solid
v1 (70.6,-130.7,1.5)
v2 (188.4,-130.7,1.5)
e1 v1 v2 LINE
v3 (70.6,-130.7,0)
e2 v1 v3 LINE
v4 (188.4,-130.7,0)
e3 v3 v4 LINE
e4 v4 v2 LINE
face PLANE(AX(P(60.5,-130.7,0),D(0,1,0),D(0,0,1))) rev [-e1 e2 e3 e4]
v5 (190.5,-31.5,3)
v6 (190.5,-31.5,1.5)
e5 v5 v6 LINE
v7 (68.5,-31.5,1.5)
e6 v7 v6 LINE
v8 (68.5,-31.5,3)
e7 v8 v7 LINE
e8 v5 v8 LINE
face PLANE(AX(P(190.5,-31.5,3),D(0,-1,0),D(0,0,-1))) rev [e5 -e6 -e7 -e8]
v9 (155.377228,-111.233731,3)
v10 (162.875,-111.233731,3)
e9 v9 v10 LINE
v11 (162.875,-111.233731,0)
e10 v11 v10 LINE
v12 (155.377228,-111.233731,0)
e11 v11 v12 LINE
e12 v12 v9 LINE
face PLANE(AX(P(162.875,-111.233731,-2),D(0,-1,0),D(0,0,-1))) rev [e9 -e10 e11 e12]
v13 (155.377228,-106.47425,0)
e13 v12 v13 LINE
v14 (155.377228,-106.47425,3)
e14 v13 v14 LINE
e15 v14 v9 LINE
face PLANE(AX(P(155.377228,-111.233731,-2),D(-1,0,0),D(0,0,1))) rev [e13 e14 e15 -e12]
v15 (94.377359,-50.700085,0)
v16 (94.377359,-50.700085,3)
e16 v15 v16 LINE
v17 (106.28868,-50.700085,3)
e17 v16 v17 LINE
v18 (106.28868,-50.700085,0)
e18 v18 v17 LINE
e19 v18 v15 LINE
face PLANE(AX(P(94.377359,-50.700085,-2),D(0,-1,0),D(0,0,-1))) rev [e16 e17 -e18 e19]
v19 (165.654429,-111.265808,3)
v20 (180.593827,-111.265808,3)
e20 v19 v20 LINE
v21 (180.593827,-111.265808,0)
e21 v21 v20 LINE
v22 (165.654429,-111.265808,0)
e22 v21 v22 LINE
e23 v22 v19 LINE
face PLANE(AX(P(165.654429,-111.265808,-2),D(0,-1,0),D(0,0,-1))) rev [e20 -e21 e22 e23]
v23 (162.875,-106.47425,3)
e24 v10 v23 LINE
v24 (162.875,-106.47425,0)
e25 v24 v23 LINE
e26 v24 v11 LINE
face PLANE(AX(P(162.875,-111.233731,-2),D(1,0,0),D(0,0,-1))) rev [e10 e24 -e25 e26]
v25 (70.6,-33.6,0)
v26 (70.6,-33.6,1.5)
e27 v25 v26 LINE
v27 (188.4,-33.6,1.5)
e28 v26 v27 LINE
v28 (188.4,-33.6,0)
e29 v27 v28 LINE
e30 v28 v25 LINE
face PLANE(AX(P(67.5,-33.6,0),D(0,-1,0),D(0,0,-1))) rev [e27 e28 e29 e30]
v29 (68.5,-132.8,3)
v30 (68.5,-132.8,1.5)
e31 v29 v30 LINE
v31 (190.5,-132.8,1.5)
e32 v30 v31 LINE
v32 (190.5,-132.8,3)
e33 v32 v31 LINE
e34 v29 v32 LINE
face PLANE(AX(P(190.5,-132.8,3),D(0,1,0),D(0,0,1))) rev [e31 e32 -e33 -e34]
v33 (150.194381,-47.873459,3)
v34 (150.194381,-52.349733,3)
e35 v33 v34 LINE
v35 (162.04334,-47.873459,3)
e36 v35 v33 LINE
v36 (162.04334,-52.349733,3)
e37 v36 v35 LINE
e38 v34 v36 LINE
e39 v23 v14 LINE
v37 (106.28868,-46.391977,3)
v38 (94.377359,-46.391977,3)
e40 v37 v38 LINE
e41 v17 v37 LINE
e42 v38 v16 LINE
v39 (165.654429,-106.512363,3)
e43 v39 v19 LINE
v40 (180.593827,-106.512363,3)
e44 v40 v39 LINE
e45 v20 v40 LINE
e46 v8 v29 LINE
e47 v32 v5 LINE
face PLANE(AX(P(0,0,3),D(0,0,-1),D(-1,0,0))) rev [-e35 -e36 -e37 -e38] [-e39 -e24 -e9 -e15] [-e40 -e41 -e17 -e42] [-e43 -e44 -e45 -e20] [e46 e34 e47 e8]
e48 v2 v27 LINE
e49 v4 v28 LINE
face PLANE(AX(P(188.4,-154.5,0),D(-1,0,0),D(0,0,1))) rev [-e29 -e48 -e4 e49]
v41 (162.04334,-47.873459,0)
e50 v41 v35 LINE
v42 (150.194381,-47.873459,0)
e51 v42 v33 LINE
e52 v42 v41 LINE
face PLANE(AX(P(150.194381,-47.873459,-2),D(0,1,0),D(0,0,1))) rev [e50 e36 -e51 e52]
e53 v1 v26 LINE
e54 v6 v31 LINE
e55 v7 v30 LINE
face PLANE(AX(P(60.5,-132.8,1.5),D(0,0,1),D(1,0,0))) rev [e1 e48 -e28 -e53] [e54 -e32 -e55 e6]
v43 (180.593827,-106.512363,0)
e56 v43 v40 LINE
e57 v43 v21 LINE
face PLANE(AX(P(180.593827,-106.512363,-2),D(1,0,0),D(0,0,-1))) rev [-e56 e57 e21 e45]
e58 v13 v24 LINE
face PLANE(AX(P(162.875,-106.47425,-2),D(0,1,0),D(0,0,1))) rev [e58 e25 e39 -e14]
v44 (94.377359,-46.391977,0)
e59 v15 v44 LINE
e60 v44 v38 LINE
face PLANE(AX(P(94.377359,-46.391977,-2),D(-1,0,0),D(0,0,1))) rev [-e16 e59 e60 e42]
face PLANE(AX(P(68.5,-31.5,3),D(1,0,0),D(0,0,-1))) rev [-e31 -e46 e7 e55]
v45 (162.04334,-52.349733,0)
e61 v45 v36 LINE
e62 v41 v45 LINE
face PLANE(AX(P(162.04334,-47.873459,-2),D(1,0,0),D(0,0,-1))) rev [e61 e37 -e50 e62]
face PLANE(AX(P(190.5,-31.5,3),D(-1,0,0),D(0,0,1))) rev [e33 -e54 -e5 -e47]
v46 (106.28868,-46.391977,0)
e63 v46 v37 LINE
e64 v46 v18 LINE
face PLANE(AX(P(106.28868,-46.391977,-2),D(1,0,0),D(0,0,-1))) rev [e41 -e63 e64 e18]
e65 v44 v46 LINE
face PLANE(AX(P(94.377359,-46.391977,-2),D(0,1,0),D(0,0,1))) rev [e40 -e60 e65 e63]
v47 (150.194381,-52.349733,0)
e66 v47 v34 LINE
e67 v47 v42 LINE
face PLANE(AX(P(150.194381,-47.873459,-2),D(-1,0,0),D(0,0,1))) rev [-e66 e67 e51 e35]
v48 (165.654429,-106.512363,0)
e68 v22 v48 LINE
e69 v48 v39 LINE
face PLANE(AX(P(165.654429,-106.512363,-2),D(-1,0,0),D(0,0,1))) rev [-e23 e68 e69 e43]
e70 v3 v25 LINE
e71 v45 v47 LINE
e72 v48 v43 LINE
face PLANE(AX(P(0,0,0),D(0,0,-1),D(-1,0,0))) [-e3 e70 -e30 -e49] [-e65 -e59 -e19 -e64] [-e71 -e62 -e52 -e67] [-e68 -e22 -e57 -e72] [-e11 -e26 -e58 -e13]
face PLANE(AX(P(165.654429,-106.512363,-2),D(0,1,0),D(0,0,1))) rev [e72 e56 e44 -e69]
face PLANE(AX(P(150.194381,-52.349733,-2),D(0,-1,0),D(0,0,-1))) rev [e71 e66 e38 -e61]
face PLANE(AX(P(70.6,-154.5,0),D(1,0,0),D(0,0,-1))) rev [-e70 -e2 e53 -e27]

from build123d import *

# Parameters (mm, degrees)
SKETCH1_W           = 122
SKETCH1_H           = 101.3
BOSS_EXTRUDE1_DEPTH = 3
SKETCH2_W           = 1.5
SKETCH2_H           = 2.1
CUT_EXTRUDE2_DEPTH  = 130
SKETCH3_W           = 1.5
SKETCH3_H           = 2.1
CUT_EXTRUDE3_DEPTH  = 123
SKETCH4_W           = 2.1
SKETCH4_H           = 1.5
CUT_EXTRUDE4_DEPTH  = 123
SKETCH5_W           = 2.1
SKETCH5_H           = 1.5
CUT_EXTRUDE5_DEPTH  = 123
SKETCH7_W           = 7.497772187
SKETCH7_H           = 4.759480864
CUT_EXTRUDE6_DEPTH  = 5
SKETCH8_W           = 11.848959364
SKETCH8_H           = 4.476273538
CUT_EXTRUDE7_DEPTH  = 5
SKETCH9_W           = 11.911321609
SKETCH9_H           = 4.308108171
CUT_EXTRUDE8_DEPTH  = 5
SKETCH6_W           = 14.939397766
SKETCH6_H           = 4.753444744
CUT_EXTRUDE9_DEPTH  = 5


with BuildPart() as part:
    # Sketch1 → Boss-Extrude1 (new body)
    with BuildSketch(Plane.XY):
        with Locations((129.5, -82.15)):
            Rectangle(SKETCH1_W, SKETCH1_H)
    extrude(amount=BOSS_EXTRUDE1_DEPTH)

    # Sketch2 → Cut-Extrude2 (cut)
    with BuildSketch(Plane(origin=(190.5, 0, 0), x_dir=(0, 0, -1), z_dir=(1, 0, 0))):
        with Locations((-0.75, -131.75)):
            Rectangle(SKETCH2_W, SKETCH2_H)
    extrude(amount=-CUT_EXTRUDE2_DEPTH, mode=Mode.SUBTRACT)

    # Sketch3 → Cut-Extrude3 (cut)
    with BuildSketch(Plane(origin=(190.5, 0, 0), x_dir=(0, 0, -1), z_dir=(1, 0, 0))):
        with Locations((-0.75, -32.55)):
            Rectangle(SKETCH3_W, SKETCH3_H)
    extrude(amount=-CUT_EXTRUDE3_DEPTH, mode=Mode.SUBTRACT)

    # Sketch4 → Cut-Extrude4 (cut)
    with BuildSketch(Plane(origin=(0, -31.5, 0), x_dir=(1, 0, 0), z_dir=(0, 1, 0))):
        with Locations((69.55, -0.75)):
            Rectangle(SKETCH4_W, SKETCH4_H)
    extrude(amount=-CUT_EXTRUDE4_DEPTH, mode=Mode.SUBTRACT)

    # Sketch5 → Cut-Extrude5 (cut)
    with BuildSketch(Plane(origin=(0, -31.5, 0), x_dir=(1, 0, 0), z_dir=(0, 1, 0))):
        with Locations((189.45, -0.75)):
            Rectangle(SKETCH5_W, SKETCH5_H)
    extrude(amount=-CUT_EXTRUDE5_DEPTH, mode=Mode.SUBTRACT)

    # Sketch7 → Cut-Extrude6 (cut)
    with BuildSketch(Plane.XY.offset(3)):
        with Locations((159.126113906, -108.853990326)):
            Rectangle(SKETCH7_W, SKETCH7_H)
    extrude(amount=-CUT_EXTRUDE6_DEPTH, mode=Mode.SUBTRACT)

    # Sketch8 → Cut-Extrude7 (cut)
    with BuildSketch(Plane.XY.offset(3)):
        with Locations((156.118860553, -50.111595953)):
            Rectangle(SKETCH8_W, SKETCH8_H)
    extrude(amount=-CUT_EXTRUDE7_DEPTH, mode=Mode.SUBTRACT)

    # Sketch9 → Cut-Extrude8 (cut)
    with BuildSketch(Plane.XY.offset(3)):
        with Locations((100.333019396, -48.546030804)):
            Rectangle(SKETCH9_W, SKETCH9_H)
    extrude(amount=-CUT_EXTRUDE8_DEPTH, mode=Mode.SUBTRACT)

    # Sketch6 → Cut-Extrude9 (cut)
    with BuildSketch(Plane.XY.offset(3)):
        with Locations((173.124127973, -108.889085644)):
            Rectangle(SKETCH6_W, SKETCH6_H)
    extrude(amount=-CUT_EXTRUDE9_DEPTH, mode=Mode.SUBTRACT)


solid = part.part
